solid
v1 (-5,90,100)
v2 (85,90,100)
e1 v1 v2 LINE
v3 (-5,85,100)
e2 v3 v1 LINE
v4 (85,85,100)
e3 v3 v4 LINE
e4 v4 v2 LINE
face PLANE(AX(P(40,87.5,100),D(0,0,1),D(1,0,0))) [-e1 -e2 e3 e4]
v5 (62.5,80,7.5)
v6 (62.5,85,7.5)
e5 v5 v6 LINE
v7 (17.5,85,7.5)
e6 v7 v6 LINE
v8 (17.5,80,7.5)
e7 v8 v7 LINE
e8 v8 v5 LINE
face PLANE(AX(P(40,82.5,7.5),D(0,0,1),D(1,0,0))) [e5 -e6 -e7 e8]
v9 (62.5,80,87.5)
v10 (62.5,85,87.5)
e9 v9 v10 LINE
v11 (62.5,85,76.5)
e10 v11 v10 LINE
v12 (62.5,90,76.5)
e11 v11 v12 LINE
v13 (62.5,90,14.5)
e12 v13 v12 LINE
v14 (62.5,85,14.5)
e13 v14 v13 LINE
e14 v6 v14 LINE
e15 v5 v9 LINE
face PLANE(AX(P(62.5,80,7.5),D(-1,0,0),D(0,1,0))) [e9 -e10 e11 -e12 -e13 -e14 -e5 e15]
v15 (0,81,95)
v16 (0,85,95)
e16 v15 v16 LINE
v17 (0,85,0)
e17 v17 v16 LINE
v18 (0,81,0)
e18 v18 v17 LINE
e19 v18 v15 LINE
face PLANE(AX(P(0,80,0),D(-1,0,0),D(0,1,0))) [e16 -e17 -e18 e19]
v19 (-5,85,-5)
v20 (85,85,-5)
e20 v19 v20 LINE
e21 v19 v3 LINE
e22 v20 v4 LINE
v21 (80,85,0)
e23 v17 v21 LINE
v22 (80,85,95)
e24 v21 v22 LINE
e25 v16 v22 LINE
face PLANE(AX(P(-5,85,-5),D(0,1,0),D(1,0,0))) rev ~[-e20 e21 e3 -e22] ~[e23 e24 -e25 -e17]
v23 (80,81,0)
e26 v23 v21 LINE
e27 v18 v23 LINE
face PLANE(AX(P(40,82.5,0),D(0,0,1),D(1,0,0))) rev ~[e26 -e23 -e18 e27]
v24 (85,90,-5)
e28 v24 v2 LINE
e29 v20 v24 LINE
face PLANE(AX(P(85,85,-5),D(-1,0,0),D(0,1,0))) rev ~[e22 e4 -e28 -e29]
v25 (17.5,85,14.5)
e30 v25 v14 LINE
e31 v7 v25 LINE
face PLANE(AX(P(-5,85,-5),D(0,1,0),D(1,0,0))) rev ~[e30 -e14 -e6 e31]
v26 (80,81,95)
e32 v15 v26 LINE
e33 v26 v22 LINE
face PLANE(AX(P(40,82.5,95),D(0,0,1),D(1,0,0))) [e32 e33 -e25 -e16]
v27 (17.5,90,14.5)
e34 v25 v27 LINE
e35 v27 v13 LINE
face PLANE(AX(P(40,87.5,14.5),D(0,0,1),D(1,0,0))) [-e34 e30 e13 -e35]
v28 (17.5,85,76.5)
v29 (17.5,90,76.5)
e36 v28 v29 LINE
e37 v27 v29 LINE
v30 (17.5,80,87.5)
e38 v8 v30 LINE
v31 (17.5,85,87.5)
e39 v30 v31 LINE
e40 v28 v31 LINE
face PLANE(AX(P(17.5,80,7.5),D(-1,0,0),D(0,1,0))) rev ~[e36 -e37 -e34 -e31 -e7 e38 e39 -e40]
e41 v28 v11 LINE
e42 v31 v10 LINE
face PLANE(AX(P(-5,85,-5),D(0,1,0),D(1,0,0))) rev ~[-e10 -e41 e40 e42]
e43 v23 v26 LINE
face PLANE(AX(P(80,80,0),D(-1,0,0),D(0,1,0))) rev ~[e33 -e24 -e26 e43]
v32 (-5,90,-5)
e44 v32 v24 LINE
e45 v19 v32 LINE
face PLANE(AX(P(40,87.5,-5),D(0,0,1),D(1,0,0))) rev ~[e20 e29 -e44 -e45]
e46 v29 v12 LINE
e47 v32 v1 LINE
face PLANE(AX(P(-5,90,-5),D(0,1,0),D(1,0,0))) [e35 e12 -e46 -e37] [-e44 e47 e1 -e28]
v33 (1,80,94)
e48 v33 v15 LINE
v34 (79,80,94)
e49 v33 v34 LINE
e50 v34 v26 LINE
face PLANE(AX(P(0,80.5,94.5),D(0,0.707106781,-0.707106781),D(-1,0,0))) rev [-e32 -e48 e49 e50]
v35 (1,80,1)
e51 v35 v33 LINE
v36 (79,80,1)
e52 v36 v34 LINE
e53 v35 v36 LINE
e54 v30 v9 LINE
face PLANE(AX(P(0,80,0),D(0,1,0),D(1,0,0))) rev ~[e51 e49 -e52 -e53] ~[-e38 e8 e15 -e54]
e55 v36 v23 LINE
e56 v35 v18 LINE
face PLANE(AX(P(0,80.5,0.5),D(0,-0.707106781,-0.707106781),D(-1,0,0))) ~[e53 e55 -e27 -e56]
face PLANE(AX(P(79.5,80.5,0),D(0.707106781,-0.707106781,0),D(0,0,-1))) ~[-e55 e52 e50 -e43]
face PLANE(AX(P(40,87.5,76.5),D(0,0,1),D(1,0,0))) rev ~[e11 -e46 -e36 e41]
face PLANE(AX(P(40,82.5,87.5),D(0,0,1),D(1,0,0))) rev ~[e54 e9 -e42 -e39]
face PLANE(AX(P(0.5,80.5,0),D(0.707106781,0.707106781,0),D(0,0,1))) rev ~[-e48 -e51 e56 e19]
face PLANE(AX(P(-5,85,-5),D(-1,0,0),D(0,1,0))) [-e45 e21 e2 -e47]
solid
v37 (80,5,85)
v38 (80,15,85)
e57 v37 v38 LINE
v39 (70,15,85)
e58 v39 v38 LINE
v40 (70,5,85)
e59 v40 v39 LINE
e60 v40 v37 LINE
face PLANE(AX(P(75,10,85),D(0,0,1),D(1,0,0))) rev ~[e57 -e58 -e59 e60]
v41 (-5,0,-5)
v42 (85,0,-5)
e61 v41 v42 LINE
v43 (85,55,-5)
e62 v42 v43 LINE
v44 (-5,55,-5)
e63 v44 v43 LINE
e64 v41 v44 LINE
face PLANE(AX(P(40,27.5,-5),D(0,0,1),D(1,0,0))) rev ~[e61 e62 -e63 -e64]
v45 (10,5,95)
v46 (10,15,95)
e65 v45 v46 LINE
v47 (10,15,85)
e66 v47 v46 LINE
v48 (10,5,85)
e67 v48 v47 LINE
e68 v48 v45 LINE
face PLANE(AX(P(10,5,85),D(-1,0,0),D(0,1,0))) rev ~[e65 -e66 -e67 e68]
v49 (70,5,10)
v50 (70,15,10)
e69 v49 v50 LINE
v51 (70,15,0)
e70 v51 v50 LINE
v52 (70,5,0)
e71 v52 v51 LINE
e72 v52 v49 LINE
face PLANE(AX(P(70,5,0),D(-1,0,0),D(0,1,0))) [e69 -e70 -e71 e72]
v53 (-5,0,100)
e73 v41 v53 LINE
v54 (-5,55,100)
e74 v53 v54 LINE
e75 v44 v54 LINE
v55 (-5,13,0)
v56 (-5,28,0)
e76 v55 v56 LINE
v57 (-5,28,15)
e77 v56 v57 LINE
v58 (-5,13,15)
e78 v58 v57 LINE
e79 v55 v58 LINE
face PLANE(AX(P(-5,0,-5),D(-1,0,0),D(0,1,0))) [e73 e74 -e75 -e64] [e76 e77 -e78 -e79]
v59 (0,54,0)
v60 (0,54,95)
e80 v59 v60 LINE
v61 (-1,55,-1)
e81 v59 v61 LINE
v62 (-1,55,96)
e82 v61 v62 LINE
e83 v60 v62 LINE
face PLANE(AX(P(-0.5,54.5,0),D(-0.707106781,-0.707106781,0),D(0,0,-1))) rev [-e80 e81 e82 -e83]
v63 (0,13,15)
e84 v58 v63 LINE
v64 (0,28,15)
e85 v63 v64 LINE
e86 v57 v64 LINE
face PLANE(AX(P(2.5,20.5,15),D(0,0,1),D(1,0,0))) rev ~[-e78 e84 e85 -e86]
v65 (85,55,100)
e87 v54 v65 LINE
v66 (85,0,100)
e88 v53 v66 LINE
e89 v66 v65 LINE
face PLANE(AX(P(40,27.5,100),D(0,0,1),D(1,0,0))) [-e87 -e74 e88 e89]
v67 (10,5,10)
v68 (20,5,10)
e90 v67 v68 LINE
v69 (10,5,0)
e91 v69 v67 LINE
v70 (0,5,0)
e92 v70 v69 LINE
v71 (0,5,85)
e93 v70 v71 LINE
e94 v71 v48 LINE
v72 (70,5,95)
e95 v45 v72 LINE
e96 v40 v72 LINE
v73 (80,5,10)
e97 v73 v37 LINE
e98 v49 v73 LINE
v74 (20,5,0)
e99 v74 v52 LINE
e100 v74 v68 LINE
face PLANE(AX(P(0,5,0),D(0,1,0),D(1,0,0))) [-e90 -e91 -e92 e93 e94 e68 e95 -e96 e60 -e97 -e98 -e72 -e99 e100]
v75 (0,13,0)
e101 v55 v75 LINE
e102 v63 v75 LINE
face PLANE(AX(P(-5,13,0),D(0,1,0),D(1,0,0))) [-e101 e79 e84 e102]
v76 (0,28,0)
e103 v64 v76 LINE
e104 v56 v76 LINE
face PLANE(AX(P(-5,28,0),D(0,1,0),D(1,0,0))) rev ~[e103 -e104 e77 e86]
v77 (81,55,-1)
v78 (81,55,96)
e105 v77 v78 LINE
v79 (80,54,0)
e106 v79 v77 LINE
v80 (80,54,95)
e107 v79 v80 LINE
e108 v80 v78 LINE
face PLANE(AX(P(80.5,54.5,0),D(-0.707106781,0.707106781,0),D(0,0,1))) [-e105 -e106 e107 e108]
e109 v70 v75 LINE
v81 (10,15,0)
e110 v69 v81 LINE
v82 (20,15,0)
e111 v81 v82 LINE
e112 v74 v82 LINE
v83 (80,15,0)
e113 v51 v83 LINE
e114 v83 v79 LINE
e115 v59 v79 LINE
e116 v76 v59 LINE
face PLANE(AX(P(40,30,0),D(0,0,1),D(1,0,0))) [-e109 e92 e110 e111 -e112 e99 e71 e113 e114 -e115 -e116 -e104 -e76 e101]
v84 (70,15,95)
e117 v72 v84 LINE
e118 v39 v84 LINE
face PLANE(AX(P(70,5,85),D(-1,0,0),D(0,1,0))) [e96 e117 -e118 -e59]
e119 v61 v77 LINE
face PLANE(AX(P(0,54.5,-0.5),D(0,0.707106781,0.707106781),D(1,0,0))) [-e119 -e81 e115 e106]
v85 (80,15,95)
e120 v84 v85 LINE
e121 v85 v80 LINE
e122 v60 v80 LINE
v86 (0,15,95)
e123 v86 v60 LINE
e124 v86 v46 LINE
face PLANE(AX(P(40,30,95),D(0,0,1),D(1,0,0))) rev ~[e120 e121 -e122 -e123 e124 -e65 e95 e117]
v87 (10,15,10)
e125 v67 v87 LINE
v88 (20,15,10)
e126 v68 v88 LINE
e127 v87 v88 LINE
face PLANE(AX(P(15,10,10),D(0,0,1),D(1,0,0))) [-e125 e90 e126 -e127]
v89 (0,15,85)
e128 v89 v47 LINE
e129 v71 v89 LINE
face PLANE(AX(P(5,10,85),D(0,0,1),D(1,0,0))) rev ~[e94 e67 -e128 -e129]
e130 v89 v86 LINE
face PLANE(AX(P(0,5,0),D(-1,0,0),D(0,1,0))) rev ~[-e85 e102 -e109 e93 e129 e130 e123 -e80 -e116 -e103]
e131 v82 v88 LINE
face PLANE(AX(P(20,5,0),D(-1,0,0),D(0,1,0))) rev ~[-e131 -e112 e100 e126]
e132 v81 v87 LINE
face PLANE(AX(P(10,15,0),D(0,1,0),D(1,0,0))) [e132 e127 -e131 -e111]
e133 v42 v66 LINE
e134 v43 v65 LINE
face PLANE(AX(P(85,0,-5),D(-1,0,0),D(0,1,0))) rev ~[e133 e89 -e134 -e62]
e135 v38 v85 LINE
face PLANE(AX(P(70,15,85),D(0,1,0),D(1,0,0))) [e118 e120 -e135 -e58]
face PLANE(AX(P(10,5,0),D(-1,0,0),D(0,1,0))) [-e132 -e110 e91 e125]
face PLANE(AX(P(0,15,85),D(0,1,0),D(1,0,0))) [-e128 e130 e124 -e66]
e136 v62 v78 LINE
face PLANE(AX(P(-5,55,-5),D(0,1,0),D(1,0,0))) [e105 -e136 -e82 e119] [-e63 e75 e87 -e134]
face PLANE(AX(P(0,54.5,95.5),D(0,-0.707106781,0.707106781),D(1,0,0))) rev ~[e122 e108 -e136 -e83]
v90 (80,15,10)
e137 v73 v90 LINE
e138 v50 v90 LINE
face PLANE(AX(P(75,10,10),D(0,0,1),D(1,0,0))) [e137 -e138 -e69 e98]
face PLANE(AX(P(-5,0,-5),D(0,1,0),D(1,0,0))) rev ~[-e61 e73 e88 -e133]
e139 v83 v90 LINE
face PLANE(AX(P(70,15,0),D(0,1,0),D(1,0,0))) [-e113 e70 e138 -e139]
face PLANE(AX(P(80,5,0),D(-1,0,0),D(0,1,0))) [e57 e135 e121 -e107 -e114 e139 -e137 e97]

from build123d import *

# Parameters (mm, degrees)
BOX006_W        = 15
BOX006_H        = 15
BOX006_DEPTH    = 15
BOX003_W        = 10
BOX003_H        = 10
BOX003_DEPTH    = 10
BOX004_W        = 10
BOX004_H        = 10
BOX004_DEPTH    = 10
BOX005_W        = 10
BOX005_H        = 10
BOX005_DEPTH    = 10
BOX002_W        = 10
BOX002_H        = 10
BOX002_DEPTH    = 10
BOX_W           = 80
BOX_H           = 50
BOX_DEPTH       = 95
BOX001_W        = 90
BOX001_H        = 55
BOX001_DEPTH    = 105
CHAMFER_SIZE    = 1
BOX009_W        = 45
BOX009_H        = 5
BOX009_DEPTH    = 80
BOX008_W        = 80
BOX008_H        = 5
BOX008_DEPTH    = 95
BOX010_W        = 45
BOX010_H        = 5
BOX010_DEPTH    = 62
BOX007_W        = 90
BOX007_H        = 5
BOX007_DEPTH    = 105
CHAMFER001_SIZE = 1


with BuildPart() as cube006:
    # Box006 → Box006 (new body)
    with BuildSketch(Plane(origin=(-5, 13, 0), x_dir=(1, 0, 0), z_dir=(0, 0, 1))):
        with Locations((7.5, 7.5)):
            Rectangle(BOX006_W, BOX006_H)
    extrude(amount=BOX006_DEPTH)


with BuildPart() as cube003:
    # Box003 → Box003 (new body)
    with BuildSketch(Plane(origin=(70, 5, 0), x_dir=(1, 0, 0), z_dir=(0, 0, 1))):
        with Locations((5, 5)):
            Rectangle(BOX003_W, BOX003_H)
    extrude(amount=BOX003_DEPTH)


with BuildPart() as cube004:
    # Box004 → Box004 (new body)
    with BuildSketch(Plane(origin=(70, 5, 85), x_dir=(1, 0, 0), z_dir=(0, 0, 1))):
        with Locations((5, 5)):
            Rectangle(BOX004_W, BOX004_H)
    extrude(amount=BOX004_DEPTH)


with BuildPart() as cube005:
    # Box005 → Box005 (new body)
    with BuildSketch(Plane(origin=(0, 5, 85), x_dir=(1, 0, 0), z_dir=(0, 0, 1))):
        with Locations((5, 5)):
            Rectangle(BOX005_W, BOX005_H)
    extrude(amount=BOX005_DEPTH)


with BuildPart() as cube002:
    # Box002 → Box002 (new body)
    with BuildSketch(Plane(origin=(10, 5, 0), x_dir=(1, 0, 0), z_dir=(0, 0, 1))):
        with Locations((5, 5)):
            Rectangle(BOX002_W, BOX002_H)
    extrude(amount=BOX002_DEPTH)


with BuildPart() as cube:
    # Box → Box (new body)
    with BuildSketch(Plane(origin=(0, 5, 0), x_dir=(1, 0, 0), z_dir=(0, 0, 1))):
        with Locations((40, 25)):
            Rectangle(BOX_W, BOX_H)
    extrude(amount=BOX_DEPTH)


with BuildPart() as chamfer_body:
    # Box001 → Box001 (new body)
    with BuildSketch(Plane(origin=(-5, 0, -5), x_dir=(1, 0, 0), z_dir=(0, 0, 1))):
        with Locations((45, 27.5)):
            Rectangle(BOX001_W, BOX001_H)
    extrude(amount=BOX001_DEPTH)

    # Cut: cut Cube
    add(cube.part, mode=Mode.SUBTRACT)

    # Fusion: union Cube002
    add(cube002.part)

    # Fusion001: union Cube003, Cube004, Cube005
    add(cube003.part)
    add(cube004.part)
    add(cube005.part)

    # Cut001: cut Cube006
    add(cube006.part, mode=Mode.SUBTRACT)

    # Chamfer
    chamfer_edges = [chamfer_body.edges().sort_by_distance(p)[0] for p in [
        (40, 55, 95),
        (80, 55, 47.5),
        (40, 55, 0),
        (0, 55, 47.5),
    ]]
    chamfer(chamfer_edges, length=CHAMFER_SIZE)


with BuildPart() as cube009:
    # Box009 → Box009 (new body)
    with BuildSketch(Plane(origin=(17.5, 80, 7.5), x_dir=(1, 0, 0), z_dir=(0, 0, 1))):
        with Locations((22.5, 2.5)):
            Rectangle(BOX009_W, BOX009_H)
    extrude(amount=BOX009_DEPTH)


with BuildPart() as cut002:
    # Box008 → Box008 (new body)
    with BuildSketch(Plane(origin=(0, 80, 0), x_dir=(1, 0, 0), z_dir=(0, 0, 1))):
        with Locations((40, 2.5)):
            Rectangle(BOX008_W, BOX008_H)
    extrude(amount=BOX008_DEPTH)

    # Cut002: cut Cube009
    add(cube009.part, mode=Mode.SUBTRACT)


with BuildPart() as cube010:
    # Box010 → Box010 (new body)
    with BuildSketch(Plane(origin=(17.5, 85, 14.5), x_dir=(1, 0, 0), z_dir=(0, 0, 1))):
        with Locations((22.5, 2.5)):
            Rectangle(BOX010_W, BOX010_H)
    extrude(amount=BOX010_DEPTH)


with BuildPart() as chamfer001:
    # Box007 → Box007 (new body)
    with BuildSketch(Plane(origin=(-5, 85, -5), x_dir=(1, 0, 0), z_dir=(0, 0, 1))):
        with Locations((45, 2.5)):
            Rectangle(BOX007_W, BOX007_H)
    extrude(amount=BOX007_DEPTH)

    # Cut003: cut Cube010
    add(cube010.part, mode=Mode.SUBTRACT)

    # Fusion002: union Cut002
    add(cut002.part)

    # Chamfer001
    chamfer001_edges = [chamfer001.edges().sort_by_distance(p)[0] for p in [
        (40, 80, 95),
        (80, 80, 47.5),
        (40, 80, 0),
        (0, 80, 47.5),
    ]]
    chamfer(chamfer001_edges, length=CHAMFER001_SIZE)


solid = Compound([chamfer_body.part, chamfer001.part])
